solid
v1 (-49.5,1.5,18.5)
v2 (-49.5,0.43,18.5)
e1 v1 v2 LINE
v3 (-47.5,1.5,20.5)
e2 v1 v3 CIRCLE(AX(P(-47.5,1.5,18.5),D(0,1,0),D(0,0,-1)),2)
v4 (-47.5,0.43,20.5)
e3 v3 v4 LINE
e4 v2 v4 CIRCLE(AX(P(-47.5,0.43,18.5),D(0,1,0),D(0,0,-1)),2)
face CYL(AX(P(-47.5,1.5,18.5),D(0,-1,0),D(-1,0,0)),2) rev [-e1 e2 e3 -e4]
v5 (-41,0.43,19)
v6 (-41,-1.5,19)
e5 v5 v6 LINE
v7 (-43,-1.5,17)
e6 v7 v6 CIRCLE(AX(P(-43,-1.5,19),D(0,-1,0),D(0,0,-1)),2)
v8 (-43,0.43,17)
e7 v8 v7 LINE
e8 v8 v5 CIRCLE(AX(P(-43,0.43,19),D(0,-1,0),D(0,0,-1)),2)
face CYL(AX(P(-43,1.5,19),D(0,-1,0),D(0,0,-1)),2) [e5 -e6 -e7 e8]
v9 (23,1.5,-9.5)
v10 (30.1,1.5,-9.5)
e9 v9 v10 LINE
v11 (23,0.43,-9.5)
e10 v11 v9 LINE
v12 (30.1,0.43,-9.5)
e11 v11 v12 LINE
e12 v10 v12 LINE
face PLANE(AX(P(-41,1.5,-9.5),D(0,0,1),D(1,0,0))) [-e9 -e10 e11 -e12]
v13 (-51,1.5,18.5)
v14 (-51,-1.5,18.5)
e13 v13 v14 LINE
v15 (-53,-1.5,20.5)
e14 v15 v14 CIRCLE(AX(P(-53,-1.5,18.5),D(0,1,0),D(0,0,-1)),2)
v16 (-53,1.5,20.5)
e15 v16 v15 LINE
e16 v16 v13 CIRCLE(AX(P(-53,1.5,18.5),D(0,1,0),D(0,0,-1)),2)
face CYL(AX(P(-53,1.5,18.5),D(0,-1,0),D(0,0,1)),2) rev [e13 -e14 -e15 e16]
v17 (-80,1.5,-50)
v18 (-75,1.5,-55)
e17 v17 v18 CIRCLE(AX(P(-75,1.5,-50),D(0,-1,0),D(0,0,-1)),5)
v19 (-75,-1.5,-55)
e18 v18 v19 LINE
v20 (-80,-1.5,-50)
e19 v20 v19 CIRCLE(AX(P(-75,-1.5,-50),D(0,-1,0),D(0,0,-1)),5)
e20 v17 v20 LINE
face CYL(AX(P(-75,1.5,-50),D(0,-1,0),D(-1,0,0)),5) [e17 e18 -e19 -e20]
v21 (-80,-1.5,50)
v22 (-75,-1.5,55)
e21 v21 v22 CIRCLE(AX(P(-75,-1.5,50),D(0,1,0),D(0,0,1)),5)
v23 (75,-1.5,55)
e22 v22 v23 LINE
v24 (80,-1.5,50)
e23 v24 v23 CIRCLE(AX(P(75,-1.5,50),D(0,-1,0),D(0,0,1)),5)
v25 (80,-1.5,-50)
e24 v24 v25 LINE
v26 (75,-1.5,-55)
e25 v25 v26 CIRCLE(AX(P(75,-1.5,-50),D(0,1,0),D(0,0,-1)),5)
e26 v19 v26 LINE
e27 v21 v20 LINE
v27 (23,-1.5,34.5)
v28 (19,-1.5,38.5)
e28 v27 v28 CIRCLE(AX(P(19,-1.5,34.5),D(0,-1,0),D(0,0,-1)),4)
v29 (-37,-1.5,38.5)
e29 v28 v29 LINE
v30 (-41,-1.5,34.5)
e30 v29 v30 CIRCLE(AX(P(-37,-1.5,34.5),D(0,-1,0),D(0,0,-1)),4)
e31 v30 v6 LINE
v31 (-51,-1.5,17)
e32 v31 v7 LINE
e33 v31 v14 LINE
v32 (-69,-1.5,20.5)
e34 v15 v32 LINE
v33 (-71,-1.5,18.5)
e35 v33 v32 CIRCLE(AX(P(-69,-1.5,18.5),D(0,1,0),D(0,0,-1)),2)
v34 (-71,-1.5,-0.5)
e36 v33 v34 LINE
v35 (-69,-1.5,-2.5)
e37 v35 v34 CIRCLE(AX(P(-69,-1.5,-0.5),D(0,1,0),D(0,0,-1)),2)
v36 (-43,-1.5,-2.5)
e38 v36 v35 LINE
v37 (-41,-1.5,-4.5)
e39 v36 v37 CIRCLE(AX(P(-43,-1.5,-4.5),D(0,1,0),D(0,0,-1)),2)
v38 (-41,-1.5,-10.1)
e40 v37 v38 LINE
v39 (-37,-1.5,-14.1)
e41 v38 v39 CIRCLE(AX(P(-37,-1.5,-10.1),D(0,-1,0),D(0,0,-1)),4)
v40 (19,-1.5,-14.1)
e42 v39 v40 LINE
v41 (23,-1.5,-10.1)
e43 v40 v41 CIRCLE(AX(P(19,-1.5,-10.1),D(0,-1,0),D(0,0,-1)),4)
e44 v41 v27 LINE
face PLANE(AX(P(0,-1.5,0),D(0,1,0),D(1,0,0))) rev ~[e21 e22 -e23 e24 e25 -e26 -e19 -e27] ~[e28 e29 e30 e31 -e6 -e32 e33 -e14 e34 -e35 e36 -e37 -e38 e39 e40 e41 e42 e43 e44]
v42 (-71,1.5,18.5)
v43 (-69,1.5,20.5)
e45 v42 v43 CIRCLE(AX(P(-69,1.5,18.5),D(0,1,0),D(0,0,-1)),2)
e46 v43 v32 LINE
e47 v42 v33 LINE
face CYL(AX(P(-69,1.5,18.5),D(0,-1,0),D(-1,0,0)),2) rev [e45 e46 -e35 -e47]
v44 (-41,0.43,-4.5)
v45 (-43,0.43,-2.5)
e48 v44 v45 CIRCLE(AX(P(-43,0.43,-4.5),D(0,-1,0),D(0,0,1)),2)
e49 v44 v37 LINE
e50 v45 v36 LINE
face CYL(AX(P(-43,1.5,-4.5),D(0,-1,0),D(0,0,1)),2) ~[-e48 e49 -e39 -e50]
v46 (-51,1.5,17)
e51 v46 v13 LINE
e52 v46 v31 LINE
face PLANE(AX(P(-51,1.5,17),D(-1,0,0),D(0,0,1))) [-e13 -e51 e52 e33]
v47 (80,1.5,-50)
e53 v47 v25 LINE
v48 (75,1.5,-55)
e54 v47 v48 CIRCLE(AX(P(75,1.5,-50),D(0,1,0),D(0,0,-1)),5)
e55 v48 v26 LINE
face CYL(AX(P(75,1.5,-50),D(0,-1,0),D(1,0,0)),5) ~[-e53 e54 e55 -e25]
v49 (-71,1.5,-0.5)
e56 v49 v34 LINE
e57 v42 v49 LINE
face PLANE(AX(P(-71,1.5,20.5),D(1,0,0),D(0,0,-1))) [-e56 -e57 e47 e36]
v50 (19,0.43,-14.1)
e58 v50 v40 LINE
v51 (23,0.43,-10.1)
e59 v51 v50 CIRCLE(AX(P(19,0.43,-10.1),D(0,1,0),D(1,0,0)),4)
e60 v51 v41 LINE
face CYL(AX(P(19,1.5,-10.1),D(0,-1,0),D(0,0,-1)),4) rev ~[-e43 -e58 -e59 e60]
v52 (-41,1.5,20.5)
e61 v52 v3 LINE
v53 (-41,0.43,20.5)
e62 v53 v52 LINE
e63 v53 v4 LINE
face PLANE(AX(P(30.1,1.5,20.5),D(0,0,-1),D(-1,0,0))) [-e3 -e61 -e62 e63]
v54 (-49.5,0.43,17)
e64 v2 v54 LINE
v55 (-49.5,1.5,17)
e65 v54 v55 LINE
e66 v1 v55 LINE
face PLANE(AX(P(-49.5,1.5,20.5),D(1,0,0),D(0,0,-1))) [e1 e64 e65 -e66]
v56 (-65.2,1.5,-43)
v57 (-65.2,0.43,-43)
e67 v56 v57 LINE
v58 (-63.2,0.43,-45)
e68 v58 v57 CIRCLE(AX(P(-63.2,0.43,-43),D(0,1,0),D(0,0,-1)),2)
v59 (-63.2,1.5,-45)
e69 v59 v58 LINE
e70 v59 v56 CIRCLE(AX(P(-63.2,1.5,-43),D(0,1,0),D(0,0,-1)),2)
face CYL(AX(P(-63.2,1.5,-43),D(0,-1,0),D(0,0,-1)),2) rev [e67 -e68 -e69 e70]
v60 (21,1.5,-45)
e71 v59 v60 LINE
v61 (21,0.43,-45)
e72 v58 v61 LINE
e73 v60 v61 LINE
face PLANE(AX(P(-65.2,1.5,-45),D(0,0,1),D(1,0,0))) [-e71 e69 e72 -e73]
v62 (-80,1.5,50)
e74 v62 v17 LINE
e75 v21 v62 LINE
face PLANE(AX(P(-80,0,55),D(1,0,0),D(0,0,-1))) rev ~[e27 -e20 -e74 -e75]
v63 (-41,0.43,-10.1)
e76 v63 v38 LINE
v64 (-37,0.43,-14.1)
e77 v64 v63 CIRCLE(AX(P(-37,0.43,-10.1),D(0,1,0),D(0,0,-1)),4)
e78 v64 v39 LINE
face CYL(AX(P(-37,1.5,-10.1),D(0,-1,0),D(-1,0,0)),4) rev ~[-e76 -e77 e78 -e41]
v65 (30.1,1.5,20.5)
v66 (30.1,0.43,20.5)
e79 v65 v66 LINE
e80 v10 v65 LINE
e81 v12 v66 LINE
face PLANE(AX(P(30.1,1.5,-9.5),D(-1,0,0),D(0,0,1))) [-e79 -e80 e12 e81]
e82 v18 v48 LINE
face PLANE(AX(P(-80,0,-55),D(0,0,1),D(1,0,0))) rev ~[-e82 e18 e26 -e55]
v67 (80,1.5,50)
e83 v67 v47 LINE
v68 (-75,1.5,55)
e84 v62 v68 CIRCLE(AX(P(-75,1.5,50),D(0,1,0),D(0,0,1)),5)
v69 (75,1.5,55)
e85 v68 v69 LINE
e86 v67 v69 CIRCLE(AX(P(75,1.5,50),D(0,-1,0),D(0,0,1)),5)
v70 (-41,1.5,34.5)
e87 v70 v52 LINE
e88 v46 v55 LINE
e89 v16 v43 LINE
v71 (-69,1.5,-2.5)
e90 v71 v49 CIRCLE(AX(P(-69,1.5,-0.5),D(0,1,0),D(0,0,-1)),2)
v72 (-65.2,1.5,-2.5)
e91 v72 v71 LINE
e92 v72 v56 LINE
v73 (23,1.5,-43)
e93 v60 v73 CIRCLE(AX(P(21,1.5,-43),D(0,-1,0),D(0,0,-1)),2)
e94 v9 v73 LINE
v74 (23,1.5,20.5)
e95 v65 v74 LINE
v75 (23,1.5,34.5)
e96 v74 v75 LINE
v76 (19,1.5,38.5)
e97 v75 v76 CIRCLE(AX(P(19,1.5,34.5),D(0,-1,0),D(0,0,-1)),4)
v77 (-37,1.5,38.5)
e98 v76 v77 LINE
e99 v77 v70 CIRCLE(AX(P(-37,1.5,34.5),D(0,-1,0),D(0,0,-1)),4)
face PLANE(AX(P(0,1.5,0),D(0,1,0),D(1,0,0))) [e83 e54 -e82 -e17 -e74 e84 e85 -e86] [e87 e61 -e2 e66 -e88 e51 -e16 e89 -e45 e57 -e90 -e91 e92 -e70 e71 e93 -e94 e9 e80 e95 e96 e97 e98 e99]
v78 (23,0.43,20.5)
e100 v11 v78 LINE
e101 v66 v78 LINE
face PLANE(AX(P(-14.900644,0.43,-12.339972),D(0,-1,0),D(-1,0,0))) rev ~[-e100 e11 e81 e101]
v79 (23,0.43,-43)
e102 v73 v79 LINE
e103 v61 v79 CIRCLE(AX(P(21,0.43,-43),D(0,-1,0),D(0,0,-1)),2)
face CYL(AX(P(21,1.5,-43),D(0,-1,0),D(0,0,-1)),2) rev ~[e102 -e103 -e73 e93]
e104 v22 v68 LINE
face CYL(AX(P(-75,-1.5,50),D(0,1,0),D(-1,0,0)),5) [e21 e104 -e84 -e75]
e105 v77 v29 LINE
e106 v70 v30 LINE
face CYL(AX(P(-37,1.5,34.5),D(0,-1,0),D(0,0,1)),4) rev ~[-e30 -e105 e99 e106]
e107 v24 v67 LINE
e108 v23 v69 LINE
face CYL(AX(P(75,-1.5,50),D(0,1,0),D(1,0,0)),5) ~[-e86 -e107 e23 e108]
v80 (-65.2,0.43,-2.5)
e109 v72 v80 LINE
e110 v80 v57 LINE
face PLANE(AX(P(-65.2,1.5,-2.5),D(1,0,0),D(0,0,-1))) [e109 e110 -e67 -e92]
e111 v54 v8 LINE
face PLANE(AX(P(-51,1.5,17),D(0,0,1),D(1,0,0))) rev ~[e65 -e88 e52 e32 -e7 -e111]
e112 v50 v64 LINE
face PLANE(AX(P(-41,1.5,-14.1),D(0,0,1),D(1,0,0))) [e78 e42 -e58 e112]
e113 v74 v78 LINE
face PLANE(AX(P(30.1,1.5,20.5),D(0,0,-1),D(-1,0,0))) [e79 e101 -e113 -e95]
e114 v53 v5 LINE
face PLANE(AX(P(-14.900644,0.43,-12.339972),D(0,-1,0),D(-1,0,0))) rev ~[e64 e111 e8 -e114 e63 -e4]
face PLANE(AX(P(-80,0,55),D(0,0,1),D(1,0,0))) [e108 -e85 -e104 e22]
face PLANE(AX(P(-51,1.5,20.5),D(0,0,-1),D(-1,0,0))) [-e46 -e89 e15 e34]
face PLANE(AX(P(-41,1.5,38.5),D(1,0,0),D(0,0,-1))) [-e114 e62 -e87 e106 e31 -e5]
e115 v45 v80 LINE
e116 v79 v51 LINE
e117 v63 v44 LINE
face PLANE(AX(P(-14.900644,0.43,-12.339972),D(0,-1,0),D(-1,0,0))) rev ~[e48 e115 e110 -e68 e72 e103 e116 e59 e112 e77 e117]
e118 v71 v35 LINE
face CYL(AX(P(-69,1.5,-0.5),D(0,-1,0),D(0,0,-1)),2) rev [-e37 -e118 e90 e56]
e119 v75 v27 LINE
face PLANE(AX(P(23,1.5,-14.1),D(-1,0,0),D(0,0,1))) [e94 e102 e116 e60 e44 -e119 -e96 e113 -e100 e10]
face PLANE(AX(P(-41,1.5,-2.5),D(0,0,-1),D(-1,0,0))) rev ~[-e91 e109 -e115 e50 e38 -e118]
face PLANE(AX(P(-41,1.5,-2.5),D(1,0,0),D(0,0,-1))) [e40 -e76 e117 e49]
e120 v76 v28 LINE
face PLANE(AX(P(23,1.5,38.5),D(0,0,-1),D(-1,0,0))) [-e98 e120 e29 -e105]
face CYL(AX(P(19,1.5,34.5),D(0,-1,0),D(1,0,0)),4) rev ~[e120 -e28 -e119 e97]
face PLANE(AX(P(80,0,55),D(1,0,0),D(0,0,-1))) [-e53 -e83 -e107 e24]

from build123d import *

# Parameters (mm, degrees)
SKETCH2_W           = 160
SKETCH2_H           = 110
BOSS_EXTRUDE1_DEPTH = 1.5
FILLET1_R           = 5
CUT_EXTRUDE1_DEPTH  = 4
FILLET2_R           = 2
FILLET3_R           = 4
CUT_EXTRUDE2_DEPTH  = 1.07
FILLET4_R           = 2


with BuildPart() as part:
    # Sketch2 → Boss-Extrude1 (new body, symmetric)
    with BuildSketch(Plane(origin=(0, 0, 0), x_dir=(1, 0, 0), z_dir=(0, 1, 0))):
        Rectangle(SKETCH2_W, SKETCH2_H)
    extrude(amount=BOSS_EXTRUDE1_DEPTH, both=True)

    # Fillet1
    fillet1_edges = [part.edges().sort_by_distance(p)[0] for p in [
        (80, 0, 55),
        (-80, 0, 55),
        (-80, 0, -55),
        (80, 0, -55),
    ]]
    fillet(fillet1_edges, radius=FILLET1_R)

    # Sketch3 → Cut-Extrude1 (cut, through all)
    with BuildSketch(Plane(origin=(0, 1.5, 0), x_dir=(1, 0, 0), z_dir=(0, 1, 0))):
        Polygon((-71, 2.5), (-51, 2.5), (-41, 2.5), (-41, 14.1), (23, 14.1), (23, -38.5), (-41, -38.5), (-41, -17), (-49.93, -17), (-51, -17), (-51, -20.5), (-71, -20.5), align=None)
    extrude(amount=-CUT_EXTRUDE1_DEPTH, mode=Mode.SUBTRACT)

    # Fillet2
    fillet2_edges = [part.edges().sort_by_distance(p)[0] for p in [
        (-51, 0, 20.5),
        (-71, 0, 20.5),
        (-71, 0, -2.5),
        (-41, 0, -2.5),
        (-41, 0, 17),
    ]]
    fillet(fillet2_edges, radius=FILLET2_R)

    # Fillet3
    fillet3_edges = [part.edges().sort_by_distance(p)[0] for p in [
        (-41, 0, -14.1),
        (23, 0, -14.1),
        (23, 0, 38.5),
        (-41, 0, 38.5),
    ]]
    fillet(fillet3_edges, radius=FILLET3_R)

    # Sketch4 → Cut-Extrude2 (cut)
    with BuildSketch(Plane(origin=(0, 1.5, 0), x_dir=(1, 0, 0), z_dir=(0, 1, 0))):
        with BuildLine():
            Line((-65.2, 2.5), (-65.2, 45))
            Line((-65.2, 45), (23, 45))
            Line((23, 45), (23, 10.1))
            ThreePointArc((23, 10.1), (21.828427125, 12.928427125), (19, 14.1))
            Line((19, 14.1), (-37, 14.1))
            ThreePointArc((-37, 14.1), (-39.828427125, 12.928427125), (-41, 10.1))
            Line((-41, 10.1), (-41, 9.5))
            Line((-41, 9.5), (30.1, 9.5))
            Line((30.1, 9.5), (30.1, -20.5))
            Line((30.1, -20.5), (-49.5, -20.5))
            Line((-49.5, -20.5), (-49.5, 2.5))
            Line((-49.5, 2.5), (-65.2, 2.5))
        make_face()
    extrude(amount=-CUT_EXTRUDE2_DEPTH, mode=Mode.SUBTRACT)

    # Fillet4
    fillet4_edges = [part.edges().sort_by_distance(p)[0] for p in [
        (-49.5, 0.965, 20.5),
        (-65.2, 0.965, -45),
        (23, 0.965, -45),
    ]]
    fillet(fillet4_edges, radius=FILLET4_R)


solid = part.part
